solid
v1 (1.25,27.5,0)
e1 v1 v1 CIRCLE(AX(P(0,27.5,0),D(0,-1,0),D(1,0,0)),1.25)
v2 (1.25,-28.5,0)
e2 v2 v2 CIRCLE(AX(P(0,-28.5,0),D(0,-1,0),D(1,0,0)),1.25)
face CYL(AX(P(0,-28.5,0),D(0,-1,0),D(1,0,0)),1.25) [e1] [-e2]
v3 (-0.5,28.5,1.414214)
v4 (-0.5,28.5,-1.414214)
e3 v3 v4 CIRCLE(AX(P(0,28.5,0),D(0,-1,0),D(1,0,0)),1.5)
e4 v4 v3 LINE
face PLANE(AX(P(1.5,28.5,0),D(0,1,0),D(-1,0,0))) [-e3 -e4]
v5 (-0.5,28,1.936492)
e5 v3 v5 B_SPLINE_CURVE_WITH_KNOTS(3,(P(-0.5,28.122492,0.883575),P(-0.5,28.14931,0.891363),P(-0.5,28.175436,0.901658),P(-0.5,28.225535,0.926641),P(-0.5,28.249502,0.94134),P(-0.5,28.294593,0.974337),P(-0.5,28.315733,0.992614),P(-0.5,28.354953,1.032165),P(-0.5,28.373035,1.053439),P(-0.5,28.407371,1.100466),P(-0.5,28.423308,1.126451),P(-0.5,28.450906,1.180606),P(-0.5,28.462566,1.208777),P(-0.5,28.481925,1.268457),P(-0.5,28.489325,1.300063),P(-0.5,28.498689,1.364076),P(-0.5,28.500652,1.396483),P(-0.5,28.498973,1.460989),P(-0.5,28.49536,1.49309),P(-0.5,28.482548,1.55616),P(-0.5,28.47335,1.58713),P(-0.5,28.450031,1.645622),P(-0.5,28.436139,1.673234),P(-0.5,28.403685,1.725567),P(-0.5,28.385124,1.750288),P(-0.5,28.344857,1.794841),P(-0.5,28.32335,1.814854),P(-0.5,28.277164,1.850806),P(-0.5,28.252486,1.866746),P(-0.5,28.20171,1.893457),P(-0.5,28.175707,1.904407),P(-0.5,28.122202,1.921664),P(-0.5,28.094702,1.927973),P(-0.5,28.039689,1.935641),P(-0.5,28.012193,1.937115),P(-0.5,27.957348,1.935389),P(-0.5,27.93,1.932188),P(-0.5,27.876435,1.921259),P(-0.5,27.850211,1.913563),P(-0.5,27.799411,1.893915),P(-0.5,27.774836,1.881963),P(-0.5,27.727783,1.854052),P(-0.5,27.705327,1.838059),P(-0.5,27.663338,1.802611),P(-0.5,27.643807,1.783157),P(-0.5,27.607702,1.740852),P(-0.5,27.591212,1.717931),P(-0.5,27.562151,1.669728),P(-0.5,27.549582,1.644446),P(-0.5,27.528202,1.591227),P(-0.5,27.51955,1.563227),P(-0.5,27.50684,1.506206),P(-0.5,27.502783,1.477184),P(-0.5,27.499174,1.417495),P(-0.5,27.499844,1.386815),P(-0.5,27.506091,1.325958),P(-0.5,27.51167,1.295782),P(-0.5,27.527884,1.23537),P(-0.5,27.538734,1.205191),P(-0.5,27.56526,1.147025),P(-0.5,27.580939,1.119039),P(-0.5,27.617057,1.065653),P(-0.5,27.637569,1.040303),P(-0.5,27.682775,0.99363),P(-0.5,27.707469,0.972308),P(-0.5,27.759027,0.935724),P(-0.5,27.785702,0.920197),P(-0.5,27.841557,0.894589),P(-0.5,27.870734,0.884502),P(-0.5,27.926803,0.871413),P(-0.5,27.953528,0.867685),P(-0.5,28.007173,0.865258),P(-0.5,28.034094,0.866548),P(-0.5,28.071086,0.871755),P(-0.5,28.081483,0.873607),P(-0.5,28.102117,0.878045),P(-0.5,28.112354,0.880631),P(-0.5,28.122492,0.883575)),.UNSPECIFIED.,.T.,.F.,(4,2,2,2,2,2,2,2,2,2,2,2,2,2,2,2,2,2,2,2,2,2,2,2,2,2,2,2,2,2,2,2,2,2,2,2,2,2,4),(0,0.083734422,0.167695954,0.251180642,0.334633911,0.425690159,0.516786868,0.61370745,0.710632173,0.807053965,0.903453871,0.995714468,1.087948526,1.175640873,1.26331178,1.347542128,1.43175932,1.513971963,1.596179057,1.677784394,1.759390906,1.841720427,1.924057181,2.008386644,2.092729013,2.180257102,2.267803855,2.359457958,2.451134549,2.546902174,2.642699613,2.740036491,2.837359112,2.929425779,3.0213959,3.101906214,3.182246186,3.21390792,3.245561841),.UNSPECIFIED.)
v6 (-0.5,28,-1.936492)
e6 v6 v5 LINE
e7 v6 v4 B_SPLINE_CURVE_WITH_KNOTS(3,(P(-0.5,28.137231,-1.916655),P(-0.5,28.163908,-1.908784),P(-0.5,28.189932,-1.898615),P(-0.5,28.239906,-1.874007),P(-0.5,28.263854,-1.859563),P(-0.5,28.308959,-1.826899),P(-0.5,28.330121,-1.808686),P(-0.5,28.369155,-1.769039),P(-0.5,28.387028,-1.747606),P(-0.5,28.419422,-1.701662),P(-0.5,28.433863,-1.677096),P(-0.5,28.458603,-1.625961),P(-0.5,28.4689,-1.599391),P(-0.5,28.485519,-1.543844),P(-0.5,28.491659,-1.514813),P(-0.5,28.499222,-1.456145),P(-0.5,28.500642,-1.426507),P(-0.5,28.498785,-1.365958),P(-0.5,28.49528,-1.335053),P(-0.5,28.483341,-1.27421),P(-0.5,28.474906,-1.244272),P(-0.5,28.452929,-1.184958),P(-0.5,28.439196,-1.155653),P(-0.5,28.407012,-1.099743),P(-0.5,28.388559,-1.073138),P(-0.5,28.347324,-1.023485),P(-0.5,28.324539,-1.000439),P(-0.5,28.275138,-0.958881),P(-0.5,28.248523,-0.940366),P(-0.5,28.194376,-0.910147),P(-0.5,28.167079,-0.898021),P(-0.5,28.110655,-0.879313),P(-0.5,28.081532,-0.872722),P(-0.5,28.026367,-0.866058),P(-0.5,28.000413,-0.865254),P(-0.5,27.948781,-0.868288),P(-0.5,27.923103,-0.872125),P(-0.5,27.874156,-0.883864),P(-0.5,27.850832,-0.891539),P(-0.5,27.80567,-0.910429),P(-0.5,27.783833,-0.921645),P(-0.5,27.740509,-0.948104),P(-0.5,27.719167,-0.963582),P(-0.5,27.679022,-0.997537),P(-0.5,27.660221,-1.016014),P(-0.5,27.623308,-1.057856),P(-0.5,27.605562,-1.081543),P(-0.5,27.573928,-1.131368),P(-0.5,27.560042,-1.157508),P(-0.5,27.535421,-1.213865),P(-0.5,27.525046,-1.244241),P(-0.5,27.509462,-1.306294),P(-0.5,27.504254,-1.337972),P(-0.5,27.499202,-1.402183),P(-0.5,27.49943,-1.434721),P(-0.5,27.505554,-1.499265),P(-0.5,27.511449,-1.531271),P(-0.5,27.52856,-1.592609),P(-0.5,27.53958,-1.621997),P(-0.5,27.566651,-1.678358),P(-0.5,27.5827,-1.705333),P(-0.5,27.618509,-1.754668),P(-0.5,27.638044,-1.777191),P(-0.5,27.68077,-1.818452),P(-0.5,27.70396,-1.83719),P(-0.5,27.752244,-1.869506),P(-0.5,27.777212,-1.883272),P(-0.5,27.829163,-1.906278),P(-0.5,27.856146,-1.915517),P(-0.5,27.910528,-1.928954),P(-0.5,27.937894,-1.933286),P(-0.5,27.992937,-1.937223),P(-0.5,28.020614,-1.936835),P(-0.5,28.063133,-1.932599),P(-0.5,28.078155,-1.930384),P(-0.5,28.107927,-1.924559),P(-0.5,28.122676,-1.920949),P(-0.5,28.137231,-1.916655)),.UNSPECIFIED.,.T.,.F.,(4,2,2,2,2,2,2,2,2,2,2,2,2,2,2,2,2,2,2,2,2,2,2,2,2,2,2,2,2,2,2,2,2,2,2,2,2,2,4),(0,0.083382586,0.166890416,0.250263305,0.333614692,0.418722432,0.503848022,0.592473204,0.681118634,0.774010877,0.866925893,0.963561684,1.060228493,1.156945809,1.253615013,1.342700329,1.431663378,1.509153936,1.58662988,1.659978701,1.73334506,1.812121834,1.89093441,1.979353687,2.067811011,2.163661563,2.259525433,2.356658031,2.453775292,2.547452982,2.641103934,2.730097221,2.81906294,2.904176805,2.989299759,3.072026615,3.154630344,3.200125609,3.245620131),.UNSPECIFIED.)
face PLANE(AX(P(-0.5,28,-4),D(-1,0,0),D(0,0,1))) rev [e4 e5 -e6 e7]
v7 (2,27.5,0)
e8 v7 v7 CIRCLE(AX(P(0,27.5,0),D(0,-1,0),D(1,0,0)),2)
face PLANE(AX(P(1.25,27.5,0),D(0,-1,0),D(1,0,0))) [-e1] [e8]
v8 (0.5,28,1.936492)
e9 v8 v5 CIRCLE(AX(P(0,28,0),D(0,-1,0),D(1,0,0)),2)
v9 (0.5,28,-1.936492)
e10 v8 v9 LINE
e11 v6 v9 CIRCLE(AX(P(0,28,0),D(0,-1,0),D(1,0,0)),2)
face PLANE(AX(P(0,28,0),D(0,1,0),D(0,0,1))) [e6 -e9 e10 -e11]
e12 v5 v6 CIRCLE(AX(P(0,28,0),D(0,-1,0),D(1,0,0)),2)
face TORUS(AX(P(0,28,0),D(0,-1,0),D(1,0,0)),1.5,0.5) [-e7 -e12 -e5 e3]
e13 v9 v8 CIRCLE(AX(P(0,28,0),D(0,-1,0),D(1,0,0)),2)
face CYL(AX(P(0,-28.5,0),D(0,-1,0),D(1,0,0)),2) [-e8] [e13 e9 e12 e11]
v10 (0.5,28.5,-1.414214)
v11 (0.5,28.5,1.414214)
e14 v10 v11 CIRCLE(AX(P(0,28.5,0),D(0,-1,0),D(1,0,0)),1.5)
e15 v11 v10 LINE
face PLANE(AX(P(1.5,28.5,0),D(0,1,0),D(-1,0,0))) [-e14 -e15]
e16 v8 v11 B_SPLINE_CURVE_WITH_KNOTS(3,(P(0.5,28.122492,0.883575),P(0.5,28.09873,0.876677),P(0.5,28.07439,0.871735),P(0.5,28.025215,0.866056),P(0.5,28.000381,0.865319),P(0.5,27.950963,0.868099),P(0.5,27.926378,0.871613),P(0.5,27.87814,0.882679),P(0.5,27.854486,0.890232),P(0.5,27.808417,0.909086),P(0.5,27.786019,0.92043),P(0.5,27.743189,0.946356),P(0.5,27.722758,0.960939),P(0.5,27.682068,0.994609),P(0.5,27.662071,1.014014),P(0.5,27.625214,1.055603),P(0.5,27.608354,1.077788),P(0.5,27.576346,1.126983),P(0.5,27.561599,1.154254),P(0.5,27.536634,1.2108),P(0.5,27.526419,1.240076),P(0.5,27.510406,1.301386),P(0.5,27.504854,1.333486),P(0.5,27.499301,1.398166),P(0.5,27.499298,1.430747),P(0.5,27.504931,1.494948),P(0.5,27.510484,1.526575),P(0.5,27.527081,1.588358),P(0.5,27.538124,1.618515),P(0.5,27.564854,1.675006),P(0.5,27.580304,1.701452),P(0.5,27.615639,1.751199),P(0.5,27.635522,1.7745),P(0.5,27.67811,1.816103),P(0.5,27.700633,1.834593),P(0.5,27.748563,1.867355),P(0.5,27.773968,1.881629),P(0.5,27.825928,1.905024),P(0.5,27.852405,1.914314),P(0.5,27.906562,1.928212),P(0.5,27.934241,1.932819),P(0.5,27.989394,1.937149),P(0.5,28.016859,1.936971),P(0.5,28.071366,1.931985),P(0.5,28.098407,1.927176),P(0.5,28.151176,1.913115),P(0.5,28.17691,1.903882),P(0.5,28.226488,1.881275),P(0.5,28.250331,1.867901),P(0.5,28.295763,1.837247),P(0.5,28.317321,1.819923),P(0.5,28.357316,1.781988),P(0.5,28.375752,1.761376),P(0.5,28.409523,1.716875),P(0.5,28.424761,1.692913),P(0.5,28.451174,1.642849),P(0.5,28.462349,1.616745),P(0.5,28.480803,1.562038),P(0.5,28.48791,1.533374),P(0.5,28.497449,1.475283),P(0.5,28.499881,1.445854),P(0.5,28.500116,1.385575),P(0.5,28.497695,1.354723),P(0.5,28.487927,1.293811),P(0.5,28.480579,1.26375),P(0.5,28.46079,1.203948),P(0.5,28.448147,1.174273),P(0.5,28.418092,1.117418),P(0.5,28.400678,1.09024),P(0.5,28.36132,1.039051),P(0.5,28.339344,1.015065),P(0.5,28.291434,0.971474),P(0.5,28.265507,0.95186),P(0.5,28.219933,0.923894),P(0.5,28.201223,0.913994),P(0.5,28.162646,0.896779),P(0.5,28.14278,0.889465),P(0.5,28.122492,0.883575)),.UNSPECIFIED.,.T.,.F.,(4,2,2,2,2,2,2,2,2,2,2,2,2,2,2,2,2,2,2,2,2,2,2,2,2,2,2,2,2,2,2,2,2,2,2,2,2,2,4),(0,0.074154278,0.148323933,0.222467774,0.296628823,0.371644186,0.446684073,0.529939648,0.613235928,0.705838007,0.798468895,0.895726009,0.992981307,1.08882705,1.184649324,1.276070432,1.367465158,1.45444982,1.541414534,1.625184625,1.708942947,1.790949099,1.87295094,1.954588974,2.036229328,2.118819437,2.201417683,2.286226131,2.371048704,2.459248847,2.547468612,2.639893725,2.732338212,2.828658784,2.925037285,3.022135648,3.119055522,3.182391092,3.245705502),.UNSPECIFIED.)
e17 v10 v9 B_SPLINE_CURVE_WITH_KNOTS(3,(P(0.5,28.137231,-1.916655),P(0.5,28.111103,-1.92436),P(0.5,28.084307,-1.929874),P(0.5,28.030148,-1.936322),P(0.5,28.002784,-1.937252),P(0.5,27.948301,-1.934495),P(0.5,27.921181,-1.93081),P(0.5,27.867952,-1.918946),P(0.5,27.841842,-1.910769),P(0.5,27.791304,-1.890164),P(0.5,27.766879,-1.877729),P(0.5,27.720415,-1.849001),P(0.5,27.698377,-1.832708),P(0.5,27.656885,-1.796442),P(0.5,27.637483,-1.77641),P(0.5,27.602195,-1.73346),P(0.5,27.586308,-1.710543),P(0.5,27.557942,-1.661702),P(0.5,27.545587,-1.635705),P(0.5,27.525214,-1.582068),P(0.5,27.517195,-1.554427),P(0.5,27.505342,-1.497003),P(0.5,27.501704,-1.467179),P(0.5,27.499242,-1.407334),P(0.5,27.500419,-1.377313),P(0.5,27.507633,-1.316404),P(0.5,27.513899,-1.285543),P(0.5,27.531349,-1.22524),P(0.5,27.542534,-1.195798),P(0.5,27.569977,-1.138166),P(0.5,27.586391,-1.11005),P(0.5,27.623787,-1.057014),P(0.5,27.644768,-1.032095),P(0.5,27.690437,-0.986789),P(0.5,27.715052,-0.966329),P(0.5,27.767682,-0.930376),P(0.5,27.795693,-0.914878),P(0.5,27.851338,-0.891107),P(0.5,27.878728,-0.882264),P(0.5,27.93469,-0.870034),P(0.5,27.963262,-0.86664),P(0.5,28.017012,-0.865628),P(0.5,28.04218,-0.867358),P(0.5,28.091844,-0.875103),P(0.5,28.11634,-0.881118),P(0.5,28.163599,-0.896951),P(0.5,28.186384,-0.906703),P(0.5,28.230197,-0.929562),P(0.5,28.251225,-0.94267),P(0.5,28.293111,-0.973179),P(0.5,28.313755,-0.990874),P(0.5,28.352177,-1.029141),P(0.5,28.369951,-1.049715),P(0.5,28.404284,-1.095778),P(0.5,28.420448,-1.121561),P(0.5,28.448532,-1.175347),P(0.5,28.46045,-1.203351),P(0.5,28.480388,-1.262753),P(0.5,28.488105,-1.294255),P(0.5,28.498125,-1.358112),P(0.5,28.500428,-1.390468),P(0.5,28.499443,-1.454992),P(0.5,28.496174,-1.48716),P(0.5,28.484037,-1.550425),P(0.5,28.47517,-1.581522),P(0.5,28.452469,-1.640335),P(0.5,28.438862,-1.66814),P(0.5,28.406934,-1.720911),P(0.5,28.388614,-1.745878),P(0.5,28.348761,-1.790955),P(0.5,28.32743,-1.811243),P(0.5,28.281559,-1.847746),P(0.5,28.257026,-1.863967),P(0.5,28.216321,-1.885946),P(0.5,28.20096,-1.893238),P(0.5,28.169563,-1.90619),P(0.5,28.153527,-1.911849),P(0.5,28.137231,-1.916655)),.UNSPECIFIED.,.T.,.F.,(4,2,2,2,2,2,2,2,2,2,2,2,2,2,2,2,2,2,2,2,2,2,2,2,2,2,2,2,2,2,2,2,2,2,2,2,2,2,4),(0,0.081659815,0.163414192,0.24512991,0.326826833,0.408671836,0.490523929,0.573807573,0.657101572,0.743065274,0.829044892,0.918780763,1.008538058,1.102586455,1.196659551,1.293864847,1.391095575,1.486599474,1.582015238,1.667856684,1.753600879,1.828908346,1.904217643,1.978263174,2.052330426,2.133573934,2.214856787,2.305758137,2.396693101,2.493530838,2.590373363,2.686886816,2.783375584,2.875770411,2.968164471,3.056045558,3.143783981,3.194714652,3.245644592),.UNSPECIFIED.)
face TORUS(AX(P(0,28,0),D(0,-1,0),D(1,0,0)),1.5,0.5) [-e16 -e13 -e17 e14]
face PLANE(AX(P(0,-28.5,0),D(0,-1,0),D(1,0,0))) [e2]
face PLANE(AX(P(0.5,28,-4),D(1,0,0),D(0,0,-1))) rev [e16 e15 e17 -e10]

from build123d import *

# Parameters (mm, degrees)
SKETCH2_W          = 1
SKETCH2_H          = 8
CUT_EXTRUDE1_DEPTH = 0.5


with BuildPart() as part:
    # Sketch1 → Revolve1 (revolve)
    with BuildSketch(Plane.XY):
        with BuildLine():
            Line((0, -28.5), (1.25, -28.5))
            Line((1.25, -28.5), (1.25, 27.5))
            Line((1.25, 27.5), (2, 27.5))
            Line((2, 27.5), (2, 28))
            ThreePointArc((2, 28), (1.853553391, 28.353553391), (1.5, 28.5))
            Line((1.5, 28.5), (0, 28.5))
            Line((0, 28.5), (0, -28.5))
        make_face()
    revolve(axis=Axis((0, -28.5, 0), (0, 1, 0)))

    # Sketch2 → Cut-Extrude1 (cut)
    with BuildSketch(Plane(origin=(0, 28.5, 0), x_dir=(1, 0, 0), z_dir=(0, 1, 0))):
        Rectangle(SKETCH2_W, SKETCH2_H)
    extrude(amount=-CUT_EXTRUDE1_DEPTH, mode=Mode.SUBTRACT)


solid = part.part
